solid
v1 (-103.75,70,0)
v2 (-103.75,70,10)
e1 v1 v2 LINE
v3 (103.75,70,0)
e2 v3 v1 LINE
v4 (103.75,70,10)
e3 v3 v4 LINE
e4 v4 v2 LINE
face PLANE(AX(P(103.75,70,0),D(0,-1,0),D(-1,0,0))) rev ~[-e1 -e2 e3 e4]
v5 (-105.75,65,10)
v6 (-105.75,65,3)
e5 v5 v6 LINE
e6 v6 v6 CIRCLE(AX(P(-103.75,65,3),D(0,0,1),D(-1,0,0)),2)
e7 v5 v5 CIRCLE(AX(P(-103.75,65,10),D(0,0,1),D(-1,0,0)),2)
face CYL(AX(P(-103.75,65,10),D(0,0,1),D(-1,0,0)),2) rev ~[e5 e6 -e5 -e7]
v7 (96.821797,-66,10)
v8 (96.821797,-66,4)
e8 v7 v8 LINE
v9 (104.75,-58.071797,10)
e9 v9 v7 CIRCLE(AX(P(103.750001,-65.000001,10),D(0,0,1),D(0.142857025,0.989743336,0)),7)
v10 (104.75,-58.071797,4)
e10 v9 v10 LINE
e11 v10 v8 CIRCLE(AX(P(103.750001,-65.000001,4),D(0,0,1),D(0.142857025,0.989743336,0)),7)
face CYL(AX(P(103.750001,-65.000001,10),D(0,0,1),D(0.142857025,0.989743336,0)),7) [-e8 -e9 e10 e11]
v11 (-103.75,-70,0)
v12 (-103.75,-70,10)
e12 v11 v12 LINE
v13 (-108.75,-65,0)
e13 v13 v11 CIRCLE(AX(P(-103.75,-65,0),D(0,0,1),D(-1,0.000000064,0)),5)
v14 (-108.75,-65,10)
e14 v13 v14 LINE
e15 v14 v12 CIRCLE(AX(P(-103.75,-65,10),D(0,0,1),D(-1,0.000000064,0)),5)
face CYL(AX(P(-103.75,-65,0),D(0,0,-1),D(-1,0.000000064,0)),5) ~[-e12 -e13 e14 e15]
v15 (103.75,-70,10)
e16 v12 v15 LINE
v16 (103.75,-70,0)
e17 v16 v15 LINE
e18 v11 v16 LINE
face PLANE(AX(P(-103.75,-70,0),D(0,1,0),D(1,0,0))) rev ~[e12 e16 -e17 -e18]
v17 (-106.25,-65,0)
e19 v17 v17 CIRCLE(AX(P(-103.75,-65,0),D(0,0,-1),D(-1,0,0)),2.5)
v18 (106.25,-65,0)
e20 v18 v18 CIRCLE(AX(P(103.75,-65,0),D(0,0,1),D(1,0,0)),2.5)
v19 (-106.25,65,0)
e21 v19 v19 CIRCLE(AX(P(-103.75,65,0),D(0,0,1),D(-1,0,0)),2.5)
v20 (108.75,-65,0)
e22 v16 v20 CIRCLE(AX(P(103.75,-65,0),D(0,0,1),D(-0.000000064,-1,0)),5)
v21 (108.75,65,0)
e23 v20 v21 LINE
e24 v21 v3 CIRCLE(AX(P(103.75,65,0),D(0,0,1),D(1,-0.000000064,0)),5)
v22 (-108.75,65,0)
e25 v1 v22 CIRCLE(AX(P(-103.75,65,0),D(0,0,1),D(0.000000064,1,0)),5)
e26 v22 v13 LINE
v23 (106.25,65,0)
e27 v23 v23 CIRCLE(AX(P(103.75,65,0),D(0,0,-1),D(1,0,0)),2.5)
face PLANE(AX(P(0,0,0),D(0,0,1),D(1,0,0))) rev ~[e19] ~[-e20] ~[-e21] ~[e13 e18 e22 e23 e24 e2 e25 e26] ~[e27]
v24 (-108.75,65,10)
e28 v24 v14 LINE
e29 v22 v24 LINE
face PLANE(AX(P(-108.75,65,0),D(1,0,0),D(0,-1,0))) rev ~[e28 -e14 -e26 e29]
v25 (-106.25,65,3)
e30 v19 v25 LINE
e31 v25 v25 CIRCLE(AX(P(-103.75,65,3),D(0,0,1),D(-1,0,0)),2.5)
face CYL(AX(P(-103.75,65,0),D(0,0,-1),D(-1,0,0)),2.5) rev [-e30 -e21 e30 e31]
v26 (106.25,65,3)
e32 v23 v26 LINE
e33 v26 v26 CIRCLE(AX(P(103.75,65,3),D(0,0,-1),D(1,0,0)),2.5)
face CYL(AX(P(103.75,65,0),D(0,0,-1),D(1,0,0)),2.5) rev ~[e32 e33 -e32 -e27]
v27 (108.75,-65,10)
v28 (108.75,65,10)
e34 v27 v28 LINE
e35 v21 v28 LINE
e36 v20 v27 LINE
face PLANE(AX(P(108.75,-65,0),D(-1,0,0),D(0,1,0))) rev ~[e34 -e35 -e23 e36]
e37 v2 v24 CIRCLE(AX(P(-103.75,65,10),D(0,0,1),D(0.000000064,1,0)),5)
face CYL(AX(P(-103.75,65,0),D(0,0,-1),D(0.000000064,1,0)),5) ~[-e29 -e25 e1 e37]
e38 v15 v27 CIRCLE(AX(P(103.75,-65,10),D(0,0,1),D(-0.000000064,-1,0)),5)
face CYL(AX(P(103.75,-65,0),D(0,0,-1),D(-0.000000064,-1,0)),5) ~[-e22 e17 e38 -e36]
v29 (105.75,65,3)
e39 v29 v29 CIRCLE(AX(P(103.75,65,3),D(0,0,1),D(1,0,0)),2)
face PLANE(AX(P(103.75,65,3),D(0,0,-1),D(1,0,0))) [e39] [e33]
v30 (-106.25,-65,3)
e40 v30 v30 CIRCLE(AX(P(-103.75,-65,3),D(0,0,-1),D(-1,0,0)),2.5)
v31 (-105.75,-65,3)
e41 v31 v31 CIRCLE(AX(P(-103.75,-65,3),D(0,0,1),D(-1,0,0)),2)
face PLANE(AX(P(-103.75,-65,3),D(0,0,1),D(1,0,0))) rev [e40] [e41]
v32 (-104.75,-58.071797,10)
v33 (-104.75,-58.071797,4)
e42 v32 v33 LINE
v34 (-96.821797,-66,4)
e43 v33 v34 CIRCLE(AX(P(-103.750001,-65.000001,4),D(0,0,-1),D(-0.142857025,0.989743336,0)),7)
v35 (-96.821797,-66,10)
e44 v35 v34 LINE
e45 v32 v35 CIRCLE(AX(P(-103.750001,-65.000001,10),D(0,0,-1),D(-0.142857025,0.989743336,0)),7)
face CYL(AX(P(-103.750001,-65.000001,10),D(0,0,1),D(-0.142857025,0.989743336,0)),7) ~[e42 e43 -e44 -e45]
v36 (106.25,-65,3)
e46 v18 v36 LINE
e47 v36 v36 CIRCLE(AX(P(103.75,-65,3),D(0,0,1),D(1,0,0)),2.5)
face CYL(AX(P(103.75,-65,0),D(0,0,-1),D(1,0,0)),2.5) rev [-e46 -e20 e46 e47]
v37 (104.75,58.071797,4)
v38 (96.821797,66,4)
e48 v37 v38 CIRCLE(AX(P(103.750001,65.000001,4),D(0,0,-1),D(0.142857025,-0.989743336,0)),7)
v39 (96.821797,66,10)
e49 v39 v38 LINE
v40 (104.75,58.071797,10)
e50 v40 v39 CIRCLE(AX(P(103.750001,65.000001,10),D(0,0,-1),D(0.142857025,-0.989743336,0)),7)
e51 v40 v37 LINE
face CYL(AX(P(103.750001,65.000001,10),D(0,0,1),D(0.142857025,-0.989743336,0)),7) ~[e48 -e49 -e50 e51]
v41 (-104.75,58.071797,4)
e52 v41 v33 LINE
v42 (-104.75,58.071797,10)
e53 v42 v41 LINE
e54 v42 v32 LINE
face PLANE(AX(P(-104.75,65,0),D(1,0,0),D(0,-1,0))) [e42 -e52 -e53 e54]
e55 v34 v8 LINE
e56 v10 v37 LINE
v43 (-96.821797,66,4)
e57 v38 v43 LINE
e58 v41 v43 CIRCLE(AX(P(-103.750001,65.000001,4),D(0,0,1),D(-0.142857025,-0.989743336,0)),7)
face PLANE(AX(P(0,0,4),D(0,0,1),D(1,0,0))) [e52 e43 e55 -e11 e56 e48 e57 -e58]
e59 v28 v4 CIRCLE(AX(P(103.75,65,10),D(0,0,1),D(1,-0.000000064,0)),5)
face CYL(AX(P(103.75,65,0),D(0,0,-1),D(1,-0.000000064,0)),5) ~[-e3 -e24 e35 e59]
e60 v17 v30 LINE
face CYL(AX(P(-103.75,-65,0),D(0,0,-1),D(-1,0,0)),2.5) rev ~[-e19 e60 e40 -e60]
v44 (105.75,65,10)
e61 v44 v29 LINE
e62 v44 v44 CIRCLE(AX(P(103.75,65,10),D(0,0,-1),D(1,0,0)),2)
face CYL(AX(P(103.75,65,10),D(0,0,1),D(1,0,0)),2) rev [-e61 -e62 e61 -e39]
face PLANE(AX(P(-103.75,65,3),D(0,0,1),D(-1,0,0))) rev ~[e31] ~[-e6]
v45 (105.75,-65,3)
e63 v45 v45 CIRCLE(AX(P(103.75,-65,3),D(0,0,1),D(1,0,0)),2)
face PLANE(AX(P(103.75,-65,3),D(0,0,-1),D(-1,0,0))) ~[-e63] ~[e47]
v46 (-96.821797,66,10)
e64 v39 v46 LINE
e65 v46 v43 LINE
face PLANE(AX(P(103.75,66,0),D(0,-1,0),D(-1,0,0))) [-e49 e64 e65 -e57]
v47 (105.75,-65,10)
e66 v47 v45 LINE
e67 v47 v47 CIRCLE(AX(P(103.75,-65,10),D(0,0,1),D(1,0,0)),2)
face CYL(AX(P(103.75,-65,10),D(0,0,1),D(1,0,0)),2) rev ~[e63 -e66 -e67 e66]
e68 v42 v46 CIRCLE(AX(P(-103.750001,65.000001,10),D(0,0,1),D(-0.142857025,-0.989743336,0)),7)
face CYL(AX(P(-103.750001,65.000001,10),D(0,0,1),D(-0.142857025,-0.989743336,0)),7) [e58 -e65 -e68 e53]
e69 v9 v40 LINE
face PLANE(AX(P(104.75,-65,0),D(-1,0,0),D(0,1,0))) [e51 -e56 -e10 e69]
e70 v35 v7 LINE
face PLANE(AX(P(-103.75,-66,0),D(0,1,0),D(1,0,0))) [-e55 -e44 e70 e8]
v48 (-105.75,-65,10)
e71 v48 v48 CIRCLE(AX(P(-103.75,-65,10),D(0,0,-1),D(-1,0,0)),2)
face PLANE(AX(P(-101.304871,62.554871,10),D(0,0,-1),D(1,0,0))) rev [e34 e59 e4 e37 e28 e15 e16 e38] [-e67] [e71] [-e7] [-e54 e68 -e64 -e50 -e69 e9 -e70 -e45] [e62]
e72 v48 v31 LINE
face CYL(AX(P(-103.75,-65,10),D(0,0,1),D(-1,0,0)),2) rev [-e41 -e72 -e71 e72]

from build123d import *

# Parameters (mm, degrees)
PAD_DEPTH                     = 10
THICKNESS_T                   = -4
PAD001_DEPTH                  = 6
PAD001_MIRRORED_2_DEPTH       = 6
SKETCH003_R                   = 2
POCKET_DEPTH                  = 527.71231
SKETCH003_MIRRORED002_2_R     = 2
POCKET_MIRRORED002_2_DEPTH    = 527.71231
SKETCH004_R                   = 2.5
POCKET001_DEPTH               = 3
SKETCH004_MIRRORED004_2_R     = 2.5
POCKET001_MIRRORED004_2_DEPTH = 3


with BuildPart() as part:
    # Sketch → Pad (new body)
    with BuildSketch(Plane.XY):
        with BuildLine():
            Line((-103.75, -70), (103.75, -70))
            ThreePointArc((103.75, -70), (107.285534, -68.535534), (108.75, -65))
            Line((108.75, -65), (108.75, 65))
            ThreePointArc((108.75, 65), (107.285534, 68.535534), (103.75, 70))
            Line((103.75, 70), (-103.75, 70))
            ThreePointArc((-103.75, 70), (-107.285534, 68.535534), (-108.75, 65))
            Line((-108.75, 65), (-108.75, -65))
            ThreePointArc((-108.75, -65), (-107.285534, -68.535534), (-103.75, -70))
        make_face()
    extrude(amount=PAD_DEPTH)

    # Thickness
    thickness_openings = [part.faces().sort_by_distance(p)[0] for p in [
        (0, 0, 10),
    ]]
    offset(amount=THICKNESS_T, openings=thickness_openings)

    # Sketch002 (on Face10 of Thickness) → Pad001 (join)
    with BuildSketch(Plane.XY.offset(10)):
        with BuildLine():
            ThreePointArc((104.75, -58.071797), (98.800253, -60.050253), (96.821797, -66))
            Line((103.75, -66), (96.821797, -66))
            ThreePointArc((103.75, -66), (104.457107, -65.707107), (104.75, -65))
            Line((104.75, -65), (104.75, -58.071797))
        make_face()
    pad001 = extrude(amount=-PAD001_DEPTH)

    # Sketch002 Mirrored 2 → Pad001 Mirrored 2 (add)
    with BuildSketch(Plane(origin=(0, 0, 10), x_dir=(-1, 0, 0), z_dir=(0, 0, -1))):
        with BuildLine():
            ThreePointArc((104.75, -58.071797), (98.800253, -60.050253), (96.821797, -66))
            Line((103.75, -66), (96.821797, -66))
            ThreePointArc((103.75, -66), (104.457107, -65.707107), (104.75, -65))
            Line((104.75, -65), (104.75, -58.071797))
        make_face()
    pad001_mirrored_2 = extrude(amount=PAD001_MIRRORED_2_DEPTH)

    # Mirrored001: Pad001, Pad001 Mirrored 2 across XZ
    add(pad001.mirror(Plane.XZ))
    add(pad001_mirrored_2.mirror(Plane.XZ))

    # Sketch003 (on Face10 of MultiTransform) → Pocket (cut, through all)
    with BuildSketch(Plane.XY.offset(10)):
        with Locations((103.75, -65)):
            Circle(SKETCH003_R)
    pocket = extrude(amount=-POCKET_DEPTH, mode=Mode.SUBTRACT)

    # Sketch003 Mirrored002 2 → Pocket Mirrored002 2 (cut, through all)
    with BuildSketch(Plane(origin=(0, 0, 10), x_dir=(-1, 0, 0), z_dir=(0, 0, -1))):
        with Locations((103.75, -65)):
            Circle(SKETCH003_MIRRORED002_2_R)
    pocket_mirrored002_2 = extrude(amount=POCKET_MIRRORED002_2_DEPTH, mode=Mode.SUBTRACT)

    # Mirrored003: Pocket, Pocket Mirrored002 2 across XZ
    add(pocket.mirror(Plane.XZ), mode=Mode.SUBTRACT)
    add(pocket_mirrored002_2.mirror(Plane.XZ), mode=Mode.SUBTRACT)

    # Sketch004 (on Face4 of MultiTransform001) → Pocket001 (cut)
    with BuildSketch(Plane(origin=(0, 0, 0), x_dir=(1, 0, 0), z_dir=(0, 0, -1))):
        with Locations((103.75, -65)):
            Circle(SKETCH004_R)
    pocket001 = extrude(amount=-POCKET001_DEPTH, mode=Mode.SUBTRACT)

    # Sketch004 Mirrored004 2 → Pocket001 Mirrored004 2 (cut)
    with BuildSketch(Plane(origin=(0, 0, 0), x_dir=(-1, 0, 0), z_dir=(0, 0, 1))):
        with Locations((103.75, -65)):
            Circle(SKETCH004_MIRRORED004_2_R)
    pocket001_mirrored004_2 = extrude(amount=POCKET001_MIRRORED004_2_DEPTH, mode=Mode.SUBTRACT)

    # Mirrored005: Pocket001, Pocket001 Mirrored004 2 across XZ
    add(pocket001.mirror(Plane.XZ), mode=Mode.SUBTRACT)
    add(pocket001_mirrored004_2.mirror(Plane.XZ), mode=Mode.SUBTRACT)


solid = part.part
